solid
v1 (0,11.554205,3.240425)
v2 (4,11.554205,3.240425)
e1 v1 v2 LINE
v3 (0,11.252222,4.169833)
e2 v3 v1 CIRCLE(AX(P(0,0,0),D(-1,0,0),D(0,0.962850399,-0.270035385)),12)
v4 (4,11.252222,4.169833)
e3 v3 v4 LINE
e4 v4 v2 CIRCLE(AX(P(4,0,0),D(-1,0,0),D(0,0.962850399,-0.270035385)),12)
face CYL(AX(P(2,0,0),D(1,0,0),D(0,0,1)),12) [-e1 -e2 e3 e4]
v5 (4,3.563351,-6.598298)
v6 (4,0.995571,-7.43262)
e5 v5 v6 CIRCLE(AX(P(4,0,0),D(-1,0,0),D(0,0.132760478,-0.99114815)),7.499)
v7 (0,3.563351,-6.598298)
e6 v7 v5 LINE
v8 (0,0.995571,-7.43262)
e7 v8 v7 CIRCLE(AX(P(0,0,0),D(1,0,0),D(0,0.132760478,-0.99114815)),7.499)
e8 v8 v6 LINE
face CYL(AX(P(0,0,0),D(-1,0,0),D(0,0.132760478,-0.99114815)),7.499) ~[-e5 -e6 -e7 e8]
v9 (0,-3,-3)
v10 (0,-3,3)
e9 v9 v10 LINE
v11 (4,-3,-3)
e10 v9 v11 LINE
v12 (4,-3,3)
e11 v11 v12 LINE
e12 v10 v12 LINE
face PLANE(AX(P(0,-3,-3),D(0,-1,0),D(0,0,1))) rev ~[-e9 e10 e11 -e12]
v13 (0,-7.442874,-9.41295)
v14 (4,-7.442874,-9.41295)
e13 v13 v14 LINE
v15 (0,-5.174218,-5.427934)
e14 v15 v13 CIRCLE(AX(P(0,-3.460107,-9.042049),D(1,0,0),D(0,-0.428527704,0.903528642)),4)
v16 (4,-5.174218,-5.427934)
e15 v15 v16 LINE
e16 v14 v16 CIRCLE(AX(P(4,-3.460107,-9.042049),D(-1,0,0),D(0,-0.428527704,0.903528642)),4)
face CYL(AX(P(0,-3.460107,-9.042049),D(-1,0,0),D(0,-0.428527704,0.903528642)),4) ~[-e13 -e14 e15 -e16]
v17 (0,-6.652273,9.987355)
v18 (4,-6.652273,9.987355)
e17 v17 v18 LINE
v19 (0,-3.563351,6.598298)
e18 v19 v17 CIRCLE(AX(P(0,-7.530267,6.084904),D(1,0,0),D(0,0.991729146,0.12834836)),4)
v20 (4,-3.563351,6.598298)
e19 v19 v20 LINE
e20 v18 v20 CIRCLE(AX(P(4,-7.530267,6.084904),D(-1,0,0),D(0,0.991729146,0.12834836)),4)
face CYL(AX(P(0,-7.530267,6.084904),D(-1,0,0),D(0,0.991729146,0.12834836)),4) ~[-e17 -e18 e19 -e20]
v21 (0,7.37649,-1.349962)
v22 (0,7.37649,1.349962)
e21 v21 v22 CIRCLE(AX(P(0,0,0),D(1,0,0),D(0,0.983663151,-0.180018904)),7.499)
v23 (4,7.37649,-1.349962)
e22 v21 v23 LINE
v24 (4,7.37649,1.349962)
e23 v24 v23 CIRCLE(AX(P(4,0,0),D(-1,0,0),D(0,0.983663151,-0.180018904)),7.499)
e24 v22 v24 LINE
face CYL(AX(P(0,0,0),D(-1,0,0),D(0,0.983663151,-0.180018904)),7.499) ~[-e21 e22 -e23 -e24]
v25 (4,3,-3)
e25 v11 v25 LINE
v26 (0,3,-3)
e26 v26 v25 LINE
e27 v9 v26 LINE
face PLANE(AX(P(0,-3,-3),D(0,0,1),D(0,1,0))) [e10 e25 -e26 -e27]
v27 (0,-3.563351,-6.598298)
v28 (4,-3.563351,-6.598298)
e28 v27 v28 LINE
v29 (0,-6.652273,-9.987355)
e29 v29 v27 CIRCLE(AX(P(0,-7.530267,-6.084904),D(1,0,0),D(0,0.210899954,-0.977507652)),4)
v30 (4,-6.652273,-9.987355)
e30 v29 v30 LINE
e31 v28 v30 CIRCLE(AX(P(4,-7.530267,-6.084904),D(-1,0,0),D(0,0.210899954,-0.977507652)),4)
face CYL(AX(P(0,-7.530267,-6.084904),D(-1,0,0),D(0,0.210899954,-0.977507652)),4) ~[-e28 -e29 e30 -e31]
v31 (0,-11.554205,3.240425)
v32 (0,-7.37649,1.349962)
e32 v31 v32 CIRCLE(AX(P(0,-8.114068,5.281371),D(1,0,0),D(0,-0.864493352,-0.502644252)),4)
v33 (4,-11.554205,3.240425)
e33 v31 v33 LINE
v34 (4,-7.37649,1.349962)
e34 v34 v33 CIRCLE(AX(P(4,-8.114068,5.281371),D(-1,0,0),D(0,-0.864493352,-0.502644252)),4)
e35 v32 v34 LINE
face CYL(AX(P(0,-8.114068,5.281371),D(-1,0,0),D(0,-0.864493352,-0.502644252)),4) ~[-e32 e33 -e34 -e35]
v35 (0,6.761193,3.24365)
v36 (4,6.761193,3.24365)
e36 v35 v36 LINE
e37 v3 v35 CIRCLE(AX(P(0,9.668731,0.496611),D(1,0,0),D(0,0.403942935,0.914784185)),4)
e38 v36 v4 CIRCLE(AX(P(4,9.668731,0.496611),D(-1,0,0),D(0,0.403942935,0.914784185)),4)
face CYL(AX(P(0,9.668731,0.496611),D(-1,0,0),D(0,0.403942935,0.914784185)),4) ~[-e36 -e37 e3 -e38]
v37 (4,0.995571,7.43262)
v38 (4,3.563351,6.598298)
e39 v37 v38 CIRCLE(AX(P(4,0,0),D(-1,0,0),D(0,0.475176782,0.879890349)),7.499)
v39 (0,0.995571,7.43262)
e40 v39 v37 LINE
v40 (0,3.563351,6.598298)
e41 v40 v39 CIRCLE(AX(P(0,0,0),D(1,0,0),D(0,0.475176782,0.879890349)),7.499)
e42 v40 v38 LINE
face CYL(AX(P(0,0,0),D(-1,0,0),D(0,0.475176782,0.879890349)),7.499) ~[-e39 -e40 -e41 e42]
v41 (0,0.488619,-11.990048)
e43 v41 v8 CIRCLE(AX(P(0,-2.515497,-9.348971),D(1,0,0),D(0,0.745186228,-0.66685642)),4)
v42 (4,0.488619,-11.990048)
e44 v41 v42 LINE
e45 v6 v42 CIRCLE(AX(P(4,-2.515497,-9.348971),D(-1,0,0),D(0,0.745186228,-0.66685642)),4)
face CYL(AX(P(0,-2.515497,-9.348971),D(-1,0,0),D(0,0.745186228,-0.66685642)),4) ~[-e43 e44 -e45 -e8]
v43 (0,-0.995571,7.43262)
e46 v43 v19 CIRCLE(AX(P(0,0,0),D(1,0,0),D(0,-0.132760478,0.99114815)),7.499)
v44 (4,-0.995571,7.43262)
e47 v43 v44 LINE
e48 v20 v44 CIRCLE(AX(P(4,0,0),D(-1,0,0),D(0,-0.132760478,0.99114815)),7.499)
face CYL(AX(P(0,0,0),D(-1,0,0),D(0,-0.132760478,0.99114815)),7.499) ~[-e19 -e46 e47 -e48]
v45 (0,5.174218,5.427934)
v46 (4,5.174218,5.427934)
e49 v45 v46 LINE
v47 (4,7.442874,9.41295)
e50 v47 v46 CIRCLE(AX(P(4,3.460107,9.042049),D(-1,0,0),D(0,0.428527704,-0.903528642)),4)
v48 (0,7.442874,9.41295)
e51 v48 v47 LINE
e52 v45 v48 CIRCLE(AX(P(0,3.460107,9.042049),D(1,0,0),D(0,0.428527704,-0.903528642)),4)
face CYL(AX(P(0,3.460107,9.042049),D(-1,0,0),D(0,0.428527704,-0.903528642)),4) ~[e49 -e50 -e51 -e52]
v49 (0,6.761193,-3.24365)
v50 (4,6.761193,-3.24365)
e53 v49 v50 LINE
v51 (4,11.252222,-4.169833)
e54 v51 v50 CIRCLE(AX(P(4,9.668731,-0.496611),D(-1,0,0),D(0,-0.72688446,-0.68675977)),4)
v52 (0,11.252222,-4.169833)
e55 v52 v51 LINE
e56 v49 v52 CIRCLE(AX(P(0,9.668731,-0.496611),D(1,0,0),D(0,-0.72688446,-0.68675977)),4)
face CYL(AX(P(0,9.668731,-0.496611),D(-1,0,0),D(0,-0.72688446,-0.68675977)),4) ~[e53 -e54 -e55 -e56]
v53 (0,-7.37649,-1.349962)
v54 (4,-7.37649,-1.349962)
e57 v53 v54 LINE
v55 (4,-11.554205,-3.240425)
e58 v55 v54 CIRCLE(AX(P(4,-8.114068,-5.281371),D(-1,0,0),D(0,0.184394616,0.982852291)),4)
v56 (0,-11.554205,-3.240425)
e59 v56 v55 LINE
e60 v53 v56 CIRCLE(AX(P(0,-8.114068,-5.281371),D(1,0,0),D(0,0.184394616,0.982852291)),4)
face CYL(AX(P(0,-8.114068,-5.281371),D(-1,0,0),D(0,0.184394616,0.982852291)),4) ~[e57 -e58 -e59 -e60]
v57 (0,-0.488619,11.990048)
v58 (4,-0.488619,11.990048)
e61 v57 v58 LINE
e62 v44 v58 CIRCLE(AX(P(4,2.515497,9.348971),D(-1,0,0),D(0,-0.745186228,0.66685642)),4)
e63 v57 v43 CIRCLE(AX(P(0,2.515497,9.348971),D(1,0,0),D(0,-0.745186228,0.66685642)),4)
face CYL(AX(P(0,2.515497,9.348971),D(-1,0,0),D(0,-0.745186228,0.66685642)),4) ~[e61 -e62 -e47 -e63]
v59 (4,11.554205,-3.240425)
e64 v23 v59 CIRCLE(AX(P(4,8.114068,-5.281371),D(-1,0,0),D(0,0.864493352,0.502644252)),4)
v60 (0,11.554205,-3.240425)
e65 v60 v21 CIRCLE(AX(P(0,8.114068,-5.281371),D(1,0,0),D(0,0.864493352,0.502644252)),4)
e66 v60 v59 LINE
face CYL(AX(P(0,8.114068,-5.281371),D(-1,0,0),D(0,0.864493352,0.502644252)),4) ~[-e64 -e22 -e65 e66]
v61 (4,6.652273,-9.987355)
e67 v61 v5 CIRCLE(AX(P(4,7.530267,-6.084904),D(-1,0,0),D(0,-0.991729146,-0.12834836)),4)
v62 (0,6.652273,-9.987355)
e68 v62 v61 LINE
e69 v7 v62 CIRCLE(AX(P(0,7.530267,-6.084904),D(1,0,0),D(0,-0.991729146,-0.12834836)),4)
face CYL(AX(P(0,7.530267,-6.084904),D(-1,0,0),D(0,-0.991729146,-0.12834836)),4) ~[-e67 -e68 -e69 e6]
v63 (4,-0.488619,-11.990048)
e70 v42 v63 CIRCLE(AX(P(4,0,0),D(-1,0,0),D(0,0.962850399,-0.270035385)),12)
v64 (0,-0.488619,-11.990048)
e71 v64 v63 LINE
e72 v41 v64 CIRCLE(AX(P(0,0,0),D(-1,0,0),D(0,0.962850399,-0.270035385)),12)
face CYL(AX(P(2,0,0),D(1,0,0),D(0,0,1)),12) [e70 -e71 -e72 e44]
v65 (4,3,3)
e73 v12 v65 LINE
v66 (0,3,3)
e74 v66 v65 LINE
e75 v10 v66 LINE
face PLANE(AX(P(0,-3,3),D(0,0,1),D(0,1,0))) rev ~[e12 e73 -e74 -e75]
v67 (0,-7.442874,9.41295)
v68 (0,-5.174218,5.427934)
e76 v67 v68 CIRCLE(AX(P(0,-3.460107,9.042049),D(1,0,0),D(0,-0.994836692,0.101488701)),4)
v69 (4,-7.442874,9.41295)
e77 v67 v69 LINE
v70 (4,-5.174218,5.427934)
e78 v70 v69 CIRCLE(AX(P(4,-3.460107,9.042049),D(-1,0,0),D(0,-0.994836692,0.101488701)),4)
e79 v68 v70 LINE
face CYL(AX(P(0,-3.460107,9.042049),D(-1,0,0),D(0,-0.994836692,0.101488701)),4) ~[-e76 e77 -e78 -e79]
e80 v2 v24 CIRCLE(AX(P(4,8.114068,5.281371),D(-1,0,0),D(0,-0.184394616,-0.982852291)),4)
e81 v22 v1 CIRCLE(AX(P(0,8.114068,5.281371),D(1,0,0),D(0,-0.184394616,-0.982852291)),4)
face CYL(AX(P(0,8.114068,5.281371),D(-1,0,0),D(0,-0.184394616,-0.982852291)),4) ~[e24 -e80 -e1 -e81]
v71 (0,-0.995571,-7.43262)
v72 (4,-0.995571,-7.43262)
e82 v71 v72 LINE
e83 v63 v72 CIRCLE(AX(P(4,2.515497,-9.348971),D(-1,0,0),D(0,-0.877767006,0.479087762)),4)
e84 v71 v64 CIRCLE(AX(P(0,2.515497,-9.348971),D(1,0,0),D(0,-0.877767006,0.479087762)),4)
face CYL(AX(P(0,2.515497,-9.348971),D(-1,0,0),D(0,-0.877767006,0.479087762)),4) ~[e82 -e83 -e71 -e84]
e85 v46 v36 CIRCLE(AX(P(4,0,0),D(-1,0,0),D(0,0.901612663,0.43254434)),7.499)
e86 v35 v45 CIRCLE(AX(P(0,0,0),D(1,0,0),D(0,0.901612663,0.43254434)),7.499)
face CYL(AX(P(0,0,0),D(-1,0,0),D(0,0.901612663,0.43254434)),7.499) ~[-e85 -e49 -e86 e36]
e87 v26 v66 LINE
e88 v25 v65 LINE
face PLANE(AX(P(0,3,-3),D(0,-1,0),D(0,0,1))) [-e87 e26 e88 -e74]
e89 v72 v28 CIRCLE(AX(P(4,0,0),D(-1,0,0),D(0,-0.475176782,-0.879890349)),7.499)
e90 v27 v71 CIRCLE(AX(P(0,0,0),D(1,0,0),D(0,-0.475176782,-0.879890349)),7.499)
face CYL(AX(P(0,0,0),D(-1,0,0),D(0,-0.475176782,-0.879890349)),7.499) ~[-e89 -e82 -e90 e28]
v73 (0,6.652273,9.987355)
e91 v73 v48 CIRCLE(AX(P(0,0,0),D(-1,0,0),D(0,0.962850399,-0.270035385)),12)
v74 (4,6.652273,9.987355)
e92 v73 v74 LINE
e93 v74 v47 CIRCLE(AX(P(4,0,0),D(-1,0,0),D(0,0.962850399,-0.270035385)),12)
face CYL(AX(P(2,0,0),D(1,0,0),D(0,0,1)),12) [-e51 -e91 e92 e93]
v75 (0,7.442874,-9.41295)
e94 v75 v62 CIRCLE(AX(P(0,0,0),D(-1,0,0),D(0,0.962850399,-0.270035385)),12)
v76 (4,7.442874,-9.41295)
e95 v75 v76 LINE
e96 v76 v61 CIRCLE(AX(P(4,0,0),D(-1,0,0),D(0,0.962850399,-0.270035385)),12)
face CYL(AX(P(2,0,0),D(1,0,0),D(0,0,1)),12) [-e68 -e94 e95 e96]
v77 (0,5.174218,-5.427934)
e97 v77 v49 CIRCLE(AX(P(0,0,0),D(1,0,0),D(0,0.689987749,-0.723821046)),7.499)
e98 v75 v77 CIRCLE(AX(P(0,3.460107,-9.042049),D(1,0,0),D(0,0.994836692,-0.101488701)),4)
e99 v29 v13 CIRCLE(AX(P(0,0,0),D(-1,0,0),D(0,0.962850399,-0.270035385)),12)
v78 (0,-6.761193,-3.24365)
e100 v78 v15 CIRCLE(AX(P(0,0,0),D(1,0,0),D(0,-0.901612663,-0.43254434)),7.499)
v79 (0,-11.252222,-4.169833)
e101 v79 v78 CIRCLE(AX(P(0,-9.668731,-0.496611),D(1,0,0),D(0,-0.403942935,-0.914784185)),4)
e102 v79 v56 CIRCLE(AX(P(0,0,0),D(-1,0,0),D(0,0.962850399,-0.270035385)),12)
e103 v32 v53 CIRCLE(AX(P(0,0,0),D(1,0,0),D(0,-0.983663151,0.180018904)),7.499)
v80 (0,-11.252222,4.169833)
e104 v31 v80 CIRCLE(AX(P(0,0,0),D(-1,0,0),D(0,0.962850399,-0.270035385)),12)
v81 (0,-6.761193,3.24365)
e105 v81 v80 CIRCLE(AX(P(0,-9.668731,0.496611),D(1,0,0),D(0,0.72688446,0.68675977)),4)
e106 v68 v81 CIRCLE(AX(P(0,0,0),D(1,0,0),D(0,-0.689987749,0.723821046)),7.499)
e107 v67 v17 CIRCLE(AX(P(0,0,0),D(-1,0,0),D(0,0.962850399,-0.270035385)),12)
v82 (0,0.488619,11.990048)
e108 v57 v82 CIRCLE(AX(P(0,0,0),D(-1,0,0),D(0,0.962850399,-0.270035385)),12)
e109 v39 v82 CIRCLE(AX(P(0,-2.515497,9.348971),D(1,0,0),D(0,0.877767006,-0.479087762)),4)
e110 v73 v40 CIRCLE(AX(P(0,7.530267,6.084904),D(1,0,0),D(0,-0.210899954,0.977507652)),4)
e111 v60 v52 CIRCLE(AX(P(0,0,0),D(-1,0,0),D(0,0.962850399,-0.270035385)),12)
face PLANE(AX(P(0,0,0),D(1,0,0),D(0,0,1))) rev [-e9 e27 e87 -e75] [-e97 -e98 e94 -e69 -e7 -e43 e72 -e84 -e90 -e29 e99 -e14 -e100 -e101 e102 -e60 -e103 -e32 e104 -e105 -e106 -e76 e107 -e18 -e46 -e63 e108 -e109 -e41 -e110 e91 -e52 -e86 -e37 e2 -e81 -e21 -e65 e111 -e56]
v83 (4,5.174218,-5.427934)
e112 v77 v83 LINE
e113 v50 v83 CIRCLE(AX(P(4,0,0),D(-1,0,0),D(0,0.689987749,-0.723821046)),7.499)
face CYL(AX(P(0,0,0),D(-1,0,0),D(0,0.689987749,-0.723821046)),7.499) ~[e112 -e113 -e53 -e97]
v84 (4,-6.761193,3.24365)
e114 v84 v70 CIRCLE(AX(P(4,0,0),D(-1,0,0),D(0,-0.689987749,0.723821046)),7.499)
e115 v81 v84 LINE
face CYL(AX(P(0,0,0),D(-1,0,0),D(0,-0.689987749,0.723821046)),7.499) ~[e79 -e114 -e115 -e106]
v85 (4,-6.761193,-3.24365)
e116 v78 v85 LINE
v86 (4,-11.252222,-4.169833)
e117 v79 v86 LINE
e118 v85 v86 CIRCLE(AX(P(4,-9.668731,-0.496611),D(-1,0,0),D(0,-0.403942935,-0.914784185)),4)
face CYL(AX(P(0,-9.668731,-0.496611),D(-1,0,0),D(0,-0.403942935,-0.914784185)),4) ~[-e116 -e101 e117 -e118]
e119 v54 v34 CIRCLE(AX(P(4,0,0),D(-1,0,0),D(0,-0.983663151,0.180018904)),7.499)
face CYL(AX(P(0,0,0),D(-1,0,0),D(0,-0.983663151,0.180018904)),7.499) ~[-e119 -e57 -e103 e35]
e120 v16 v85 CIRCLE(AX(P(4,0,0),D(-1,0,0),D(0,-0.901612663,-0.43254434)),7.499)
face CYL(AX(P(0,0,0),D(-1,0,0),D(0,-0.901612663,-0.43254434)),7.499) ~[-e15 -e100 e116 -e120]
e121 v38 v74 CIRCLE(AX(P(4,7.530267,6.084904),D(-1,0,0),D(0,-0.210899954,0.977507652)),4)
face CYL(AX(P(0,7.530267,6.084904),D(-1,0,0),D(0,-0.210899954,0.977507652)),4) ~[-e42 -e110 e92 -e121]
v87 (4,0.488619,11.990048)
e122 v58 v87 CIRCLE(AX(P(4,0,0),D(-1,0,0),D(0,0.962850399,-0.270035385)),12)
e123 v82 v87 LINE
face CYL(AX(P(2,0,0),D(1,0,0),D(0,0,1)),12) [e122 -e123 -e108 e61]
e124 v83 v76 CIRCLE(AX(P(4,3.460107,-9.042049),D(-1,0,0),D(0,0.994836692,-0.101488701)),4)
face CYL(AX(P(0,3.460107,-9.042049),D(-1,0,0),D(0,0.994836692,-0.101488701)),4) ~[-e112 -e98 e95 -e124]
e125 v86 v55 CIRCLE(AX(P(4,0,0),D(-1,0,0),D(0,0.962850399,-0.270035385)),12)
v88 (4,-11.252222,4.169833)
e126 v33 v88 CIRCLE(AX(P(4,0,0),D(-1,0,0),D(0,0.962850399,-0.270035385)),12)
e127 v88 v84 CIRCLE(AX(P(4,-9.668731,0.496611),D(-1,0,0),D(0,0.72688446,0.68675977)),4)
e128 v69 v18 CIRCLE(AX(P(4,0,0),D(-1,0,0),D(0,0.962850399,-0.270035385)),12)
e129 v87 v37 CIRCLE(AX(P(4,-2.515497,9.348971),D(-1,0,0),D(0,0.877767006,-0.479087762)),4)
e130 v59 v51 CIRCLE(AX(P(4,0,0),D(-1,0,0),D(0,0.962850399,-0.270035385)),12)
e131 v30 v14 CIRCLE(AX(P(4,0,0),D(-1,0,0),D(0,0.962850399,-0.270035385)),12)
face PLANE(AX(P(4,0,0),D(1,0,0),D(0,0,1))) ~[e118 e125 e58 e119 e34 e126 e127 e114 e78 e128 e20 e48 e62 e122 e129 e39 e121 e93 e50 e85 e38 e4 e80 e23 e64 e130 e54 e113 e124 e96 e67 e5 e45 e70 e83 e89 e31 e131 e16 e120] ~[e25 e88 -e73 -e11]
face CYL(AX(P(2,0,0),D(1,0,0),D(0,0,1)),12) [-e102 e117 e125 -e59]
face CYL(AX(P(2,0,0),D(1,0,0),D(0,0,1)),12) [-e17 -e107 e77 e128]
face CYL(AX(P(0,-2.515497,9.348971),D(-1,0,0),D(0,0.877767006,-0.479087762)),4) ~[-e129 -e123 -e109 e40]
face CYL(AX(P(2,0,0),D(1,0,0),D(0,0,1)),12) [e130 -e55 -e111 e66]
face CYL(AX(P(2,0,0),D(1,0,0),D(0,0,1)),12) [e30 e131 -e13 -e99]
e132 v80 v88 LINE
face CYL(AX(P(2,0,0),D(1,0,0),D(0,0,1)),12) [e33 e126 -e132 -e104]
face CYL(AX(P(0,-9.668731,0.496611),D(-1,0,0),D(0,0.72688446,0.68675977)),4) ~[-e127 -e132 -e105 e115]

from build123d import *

# Parameters (mm, degrees)
BASPROSKE_W         = 4
BASPROSKE_H         = 12
TOOTHCUT_DEPTH      = 18.435595774
TEETHCUTS_COUNT     = 10
TEETHCUTS_ANGLE     = 324
BORSKE_R            = 1
BORE_DEPTH          = 50.0000508
SKETCH_1_W          = 6
SKETCH_1_H          = 6
CUT_EXTRUDE_2_DEPTH = 18.131831434


with BuildPart() as part:
    # BasProSke → Base-Revolve (revolve)
    with BuildSketch(Plane(origin=(0, 0, 0), x_dir=(1, 0, 0), z_dir=(0, 1, 0)), mode=Mode.PRIVATE) as base_revolve_sk:
        with Locations((2, 6)):
            Rectangle(BASPROSKE_W, BASPROSKE_H)
    revolve(base_revolve_sk.sketch.rotate(Axis((-10, 0, 0), (1, 0, 0)), 180), axis=Axis((-10, 0, 0), (1, 0, 0)))

    # TooCutSke → ToothCut (cut, through all)
    with BuildSketch(Plane(origin=(0, 0, 0), x_dir=(0, 0, -1), z_dir=(1, 0, 0))):
        with BuildLine():
            ThreePointArc((1.349961767, 7.376489967), (0, 7.499), (-1.349961767, 7.376489967))
            ThreePointArc((-1.349961767, 7.376489967), (-1.644412889, 9.779161882), (-3.270793922, 11.572041837))
            ThreePointArc((-3.270793922, 11.572041837), (0, 12.0254), (3.270793922, 11.572041837))
            ThreePointArc((3.270793922, 11.572041837), (1.644412889, 9.779161882), (1.349961767, 7.376489967))
        make_face()
    toothcut = extrude(amount=TOOTHCUT_DEPTH, mode=Mode.SUBTRACT)

    # TeethCuts: ToothCut ×10 about axis
    teethcuts_axis = Axis((-10, 0, 0), (1, 0, 0))
    for i in range(1, TEETHCUTS_COUNT):
        add(toothcut.rotate(teethcuts_axis, i * TEETHCUTS_ANGLE / (TEETHCUTS_COUNT - 1)), mode=Mode.SUBTRACT)

    # BorSke → Bore (cut, symmetric)
    with BuildSketch(Plane(origin=(0, 0, 0), x_dir=(0, 0, -1), z_dir=(1, 0, 0))):
        with Locations(Location((0, 0, 0), (0, 0, 180))):
            Circle(BORSKE_R)
    extrude(amount=BORE_DEPTH, both=True, mode=Mode.SUBTRACT)

    # 草图1 → 切除-拉伸2 (cut, through all)
    with BuildSketch(Plane.ZY):
        Rectangle(SKETCH_1_W, SKETCH_1_H)
    extrude(amount=-CUT_EXTRUDE_2_DEPTH, mode=Mode.SUBTRACT)


solid = part.part
